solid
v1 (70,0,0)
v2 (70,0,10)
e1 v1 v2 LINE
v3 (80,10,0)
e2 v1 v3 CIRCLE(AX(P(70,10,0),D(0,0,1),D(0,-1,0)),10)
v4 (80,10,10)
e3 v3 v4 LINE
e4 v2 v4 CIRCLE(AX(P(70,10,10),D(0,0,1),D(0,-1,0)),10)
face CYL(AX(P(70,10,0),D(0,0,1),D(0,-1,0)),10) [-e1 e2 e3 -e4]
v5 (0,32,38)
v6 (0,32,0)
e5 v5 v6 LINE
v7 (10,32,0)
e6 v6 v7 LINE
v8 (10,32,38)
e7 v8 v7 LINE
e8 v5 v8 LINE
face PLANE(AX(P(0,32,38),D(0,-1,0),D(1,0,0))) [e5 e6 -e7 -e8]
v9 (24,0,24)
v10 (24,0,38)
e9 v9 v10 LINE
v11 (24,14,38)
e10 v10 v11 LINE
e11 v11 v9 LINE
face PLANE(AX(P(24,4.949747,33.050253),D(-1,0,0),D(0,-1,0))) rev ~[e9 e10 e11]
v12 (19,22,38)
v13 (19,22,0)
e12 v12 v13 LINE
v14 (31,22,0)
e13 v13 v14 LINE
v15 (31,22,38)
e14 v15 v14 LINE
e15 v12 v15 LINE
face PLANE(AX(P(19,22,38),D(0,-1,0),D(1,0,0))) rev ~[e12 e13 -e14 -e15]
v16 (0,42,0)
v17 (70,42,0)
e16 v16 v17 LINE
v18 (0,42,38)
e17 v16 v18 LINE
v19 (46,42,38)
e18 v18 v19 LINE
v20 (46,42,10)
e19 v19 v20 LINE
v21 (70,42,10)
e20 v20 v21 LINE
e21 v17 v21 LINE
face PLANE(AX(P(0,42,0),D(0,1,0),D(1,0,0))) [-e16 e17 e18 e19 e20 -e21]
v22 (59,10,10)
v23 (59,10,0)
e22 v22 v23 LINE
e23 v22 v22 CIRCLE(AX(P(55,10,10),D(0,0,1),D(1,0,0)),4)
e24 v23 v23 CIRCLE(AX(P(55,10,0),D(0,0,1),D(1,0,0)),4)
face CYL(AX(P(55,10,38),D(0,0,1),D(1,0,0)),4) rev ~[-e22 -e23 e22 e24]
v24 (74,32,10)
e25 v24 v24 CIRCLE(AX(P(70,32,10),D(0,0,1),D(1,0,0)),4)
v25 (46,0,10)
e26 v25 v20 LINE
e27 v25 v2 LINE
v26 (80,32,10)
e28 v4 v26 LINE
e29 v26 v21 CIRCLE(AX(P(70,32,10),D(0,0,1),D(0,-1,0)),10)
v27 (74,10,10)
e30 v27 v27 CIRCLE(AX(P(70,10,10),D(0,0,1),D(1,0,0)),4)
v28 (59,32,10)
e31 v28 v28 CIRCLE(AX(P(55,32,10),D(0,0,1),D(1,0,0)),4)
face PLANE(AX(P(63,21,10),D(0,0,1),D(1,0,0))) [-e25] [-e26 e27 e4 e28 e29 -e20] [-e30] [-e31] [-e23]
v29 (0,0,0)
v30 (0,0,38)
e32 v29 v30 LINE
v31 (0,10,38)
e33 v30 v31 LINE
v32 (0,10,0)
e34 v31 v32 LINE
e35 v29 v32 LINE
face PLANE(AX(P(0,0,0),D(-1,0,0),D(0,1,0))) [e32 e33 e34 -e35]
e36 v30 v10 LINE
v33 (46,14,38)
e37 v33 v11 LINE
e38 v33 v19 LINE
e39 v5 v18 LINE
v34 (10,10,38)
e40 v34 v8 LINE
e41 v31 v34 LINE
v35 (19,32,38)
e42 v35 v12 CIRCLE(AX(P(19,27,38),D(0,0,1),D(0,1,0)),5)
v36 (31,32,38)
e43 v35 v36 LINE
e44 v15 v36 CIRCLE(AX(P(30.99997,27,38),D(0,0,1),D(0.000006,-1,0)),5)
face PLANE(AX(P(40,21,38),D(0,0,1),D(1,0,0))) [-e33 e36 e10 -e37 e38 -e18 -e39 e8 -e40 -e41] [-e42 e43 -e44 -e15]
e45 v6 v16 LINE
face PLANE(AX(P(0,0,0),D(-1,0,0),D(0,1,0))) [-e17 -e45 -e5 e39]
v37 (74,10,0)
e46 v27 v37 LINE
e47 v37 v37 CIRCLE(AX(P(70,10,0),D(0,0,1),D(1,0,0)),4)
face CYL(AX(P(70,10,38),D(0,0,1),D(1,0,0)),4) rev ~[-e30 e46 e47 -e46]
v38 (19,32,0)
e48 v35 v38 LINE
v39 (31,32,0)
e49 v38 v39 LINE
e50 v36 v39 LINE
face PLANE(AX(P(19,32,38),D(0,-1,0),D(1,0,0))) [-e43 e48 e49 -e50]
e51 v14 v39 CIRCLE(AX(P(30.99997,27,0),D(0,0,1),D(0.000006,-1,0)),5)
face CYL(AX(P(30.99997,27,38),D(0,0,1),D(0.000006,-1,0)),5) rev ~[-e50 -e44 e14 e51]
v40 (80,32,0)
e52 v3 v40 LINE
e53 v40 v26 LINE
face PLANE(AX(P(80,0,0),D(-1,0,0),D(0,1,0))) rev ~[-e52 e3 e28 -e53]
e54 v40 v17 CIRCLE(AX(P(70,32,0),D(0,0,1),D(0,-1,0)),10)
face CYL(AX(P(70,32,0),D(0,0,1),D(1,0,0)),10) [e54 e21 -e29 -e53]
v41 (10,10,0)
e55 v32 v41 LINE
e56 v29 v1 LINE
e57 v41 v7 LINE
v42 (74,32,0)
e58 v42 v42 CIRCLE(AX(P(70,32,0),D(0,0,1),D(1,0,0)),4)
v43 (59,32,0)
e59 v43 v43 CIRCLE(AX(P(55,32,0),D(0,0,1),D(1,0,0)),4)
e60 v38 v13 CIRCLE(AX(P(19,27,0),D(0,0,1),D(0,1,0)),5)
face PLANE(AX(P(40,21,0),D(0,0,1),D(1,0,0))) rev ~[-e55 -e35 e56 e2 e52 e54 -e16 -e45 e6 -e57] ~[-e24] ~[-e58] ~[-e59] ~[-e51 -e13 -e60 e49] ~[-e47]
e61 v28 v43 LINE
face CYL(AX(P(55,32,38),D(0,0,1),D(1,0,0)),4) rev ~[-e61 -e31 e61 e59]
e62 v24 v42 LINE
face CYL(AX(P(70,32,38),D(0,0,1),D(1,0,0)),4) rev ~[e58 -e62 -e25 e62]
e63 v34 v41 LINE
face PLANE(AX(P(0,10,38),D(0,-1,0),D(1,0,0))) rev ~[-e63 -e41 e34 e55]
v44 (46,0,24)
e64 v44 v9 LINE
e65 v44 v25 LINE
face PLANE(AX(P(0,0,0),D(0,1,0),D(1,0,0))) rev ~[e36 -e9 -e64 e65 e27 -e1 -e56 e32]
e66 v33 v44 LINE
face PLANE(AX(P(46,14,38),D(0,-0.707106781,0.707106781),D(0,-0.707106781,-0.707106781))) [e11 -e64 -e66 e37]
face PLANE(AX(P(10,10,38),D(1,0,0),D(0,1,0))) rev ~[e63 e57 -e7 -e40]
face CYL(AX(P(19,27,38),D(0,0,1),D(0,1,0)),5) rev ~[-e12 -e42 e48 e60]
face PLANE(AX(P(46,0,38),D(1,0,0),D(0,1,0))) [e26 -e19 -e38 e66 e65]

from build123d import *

# Parameters (mm, degrees)
SKETCH_W        = 80
SKETCH_H        = 42
PAD_DEPTH       = 38
SKETCH001_W     = 34
SKETCH001_H     = 42
POCKET_DEPTH    = 28
SKETCH002_W     = 10
SKETCH002_H     = 22
POCKET001_DEPTH = 38
SKETCH003_R     = 4
POCKET002_DEPTH = 38
POCKET003_DEPTH = 38
POCKET004_DEPTH = 22
FILLET_R        = 10
FILLET001_R     = 10


with BuildPart() as part:
    # Sketch → Pad (new body)
    with BuildSketch(Plane.XY):
        with Locations((40, 21)):
            Rectangle(SKETCH_W, SKETCH_H)
    extrude(amount=PAD_DEPTH)

    # Sketch001 (on Face6 of Pad) → Pocket (cut)
    with BuildSketch(Plane.XY.offset(38)):
        with Locations((63, 21)):
            Rectangle(SKETCH001_W, SKETCH001_H)
    extrude(amount=-POCKET_DEPTH, mode=Mode.SUBTRACT)

    # Sketch002 (on Face6 of Pocket) → Pocket001 (cut)
    with BuildSketch(Plane.XY.offset(38)):
        with Locations((5, 21)):
            Rectangle(SKETCH002_W, SKETCH002_H)
    extrude(amount=-POCKET001_DEPTH, mode=Mode.SUBTRACT)

    # Sketch003 (on Face6 of Pocket001) → Pocket002 (cut)
    with BuildSketch(Plane.XY.offset(38)):
        with Locations((55, 32)):
            Circle(SKETCH003_R)
        with Locations((70, 32)):
            Circle(SKETCH003_R)
        with Locations((55, 10)):
            Circle(SKETCH003_R)
        with Locations((70, 10)):
            Circle(SKETCH003_R)
    extrude(amount=-POCKET002_DEPTH, mode=Mode.SUBTRACT)

    # Sketch004 (on Face6 of Pocket002) → Pocket003 (cut)
    with BuildSketch(Plane.XY.offset(38)):
        with BuildLine():
            ThreePointArc((19, 32), (14, 27), (19, 22))
            Line((19, 22), (31, 22))
            ThreePointArc((31, 22), (35.99997, 27), (31, 32))
            Line((19, 32), (31, 32))
        make_face()
    extrude(amount=-POCKET003_DEPTH, mode=Mode.SUBTRACT)

    # Sketch005 (on Face5 of Pocket003) → Pocket004 (cut)
    with BuildSketch(Plane.YZ.offset(46)):
        Polygon((0, 24), (0, 38), (14, 38), align=None)
    extrude(amount=-POCKET004_DEPTH, mode=Mode.SUBTRACT)

    # Fillet
    fillet_edges = [part.edges().sort_by_distance(p)[0] for p in [
        (80, 0, 5),
    ]]
    fillet(fillet_edges, radius=FILLET_R)

    # Fillet001
    fillet001_edges = [part.edges().sort_by_distance(p)[0] for p in [
        (80, 42, 5),
    ]]
    fillet(fillet001_edges, radius=FILLET001_R)


solid = part.part
